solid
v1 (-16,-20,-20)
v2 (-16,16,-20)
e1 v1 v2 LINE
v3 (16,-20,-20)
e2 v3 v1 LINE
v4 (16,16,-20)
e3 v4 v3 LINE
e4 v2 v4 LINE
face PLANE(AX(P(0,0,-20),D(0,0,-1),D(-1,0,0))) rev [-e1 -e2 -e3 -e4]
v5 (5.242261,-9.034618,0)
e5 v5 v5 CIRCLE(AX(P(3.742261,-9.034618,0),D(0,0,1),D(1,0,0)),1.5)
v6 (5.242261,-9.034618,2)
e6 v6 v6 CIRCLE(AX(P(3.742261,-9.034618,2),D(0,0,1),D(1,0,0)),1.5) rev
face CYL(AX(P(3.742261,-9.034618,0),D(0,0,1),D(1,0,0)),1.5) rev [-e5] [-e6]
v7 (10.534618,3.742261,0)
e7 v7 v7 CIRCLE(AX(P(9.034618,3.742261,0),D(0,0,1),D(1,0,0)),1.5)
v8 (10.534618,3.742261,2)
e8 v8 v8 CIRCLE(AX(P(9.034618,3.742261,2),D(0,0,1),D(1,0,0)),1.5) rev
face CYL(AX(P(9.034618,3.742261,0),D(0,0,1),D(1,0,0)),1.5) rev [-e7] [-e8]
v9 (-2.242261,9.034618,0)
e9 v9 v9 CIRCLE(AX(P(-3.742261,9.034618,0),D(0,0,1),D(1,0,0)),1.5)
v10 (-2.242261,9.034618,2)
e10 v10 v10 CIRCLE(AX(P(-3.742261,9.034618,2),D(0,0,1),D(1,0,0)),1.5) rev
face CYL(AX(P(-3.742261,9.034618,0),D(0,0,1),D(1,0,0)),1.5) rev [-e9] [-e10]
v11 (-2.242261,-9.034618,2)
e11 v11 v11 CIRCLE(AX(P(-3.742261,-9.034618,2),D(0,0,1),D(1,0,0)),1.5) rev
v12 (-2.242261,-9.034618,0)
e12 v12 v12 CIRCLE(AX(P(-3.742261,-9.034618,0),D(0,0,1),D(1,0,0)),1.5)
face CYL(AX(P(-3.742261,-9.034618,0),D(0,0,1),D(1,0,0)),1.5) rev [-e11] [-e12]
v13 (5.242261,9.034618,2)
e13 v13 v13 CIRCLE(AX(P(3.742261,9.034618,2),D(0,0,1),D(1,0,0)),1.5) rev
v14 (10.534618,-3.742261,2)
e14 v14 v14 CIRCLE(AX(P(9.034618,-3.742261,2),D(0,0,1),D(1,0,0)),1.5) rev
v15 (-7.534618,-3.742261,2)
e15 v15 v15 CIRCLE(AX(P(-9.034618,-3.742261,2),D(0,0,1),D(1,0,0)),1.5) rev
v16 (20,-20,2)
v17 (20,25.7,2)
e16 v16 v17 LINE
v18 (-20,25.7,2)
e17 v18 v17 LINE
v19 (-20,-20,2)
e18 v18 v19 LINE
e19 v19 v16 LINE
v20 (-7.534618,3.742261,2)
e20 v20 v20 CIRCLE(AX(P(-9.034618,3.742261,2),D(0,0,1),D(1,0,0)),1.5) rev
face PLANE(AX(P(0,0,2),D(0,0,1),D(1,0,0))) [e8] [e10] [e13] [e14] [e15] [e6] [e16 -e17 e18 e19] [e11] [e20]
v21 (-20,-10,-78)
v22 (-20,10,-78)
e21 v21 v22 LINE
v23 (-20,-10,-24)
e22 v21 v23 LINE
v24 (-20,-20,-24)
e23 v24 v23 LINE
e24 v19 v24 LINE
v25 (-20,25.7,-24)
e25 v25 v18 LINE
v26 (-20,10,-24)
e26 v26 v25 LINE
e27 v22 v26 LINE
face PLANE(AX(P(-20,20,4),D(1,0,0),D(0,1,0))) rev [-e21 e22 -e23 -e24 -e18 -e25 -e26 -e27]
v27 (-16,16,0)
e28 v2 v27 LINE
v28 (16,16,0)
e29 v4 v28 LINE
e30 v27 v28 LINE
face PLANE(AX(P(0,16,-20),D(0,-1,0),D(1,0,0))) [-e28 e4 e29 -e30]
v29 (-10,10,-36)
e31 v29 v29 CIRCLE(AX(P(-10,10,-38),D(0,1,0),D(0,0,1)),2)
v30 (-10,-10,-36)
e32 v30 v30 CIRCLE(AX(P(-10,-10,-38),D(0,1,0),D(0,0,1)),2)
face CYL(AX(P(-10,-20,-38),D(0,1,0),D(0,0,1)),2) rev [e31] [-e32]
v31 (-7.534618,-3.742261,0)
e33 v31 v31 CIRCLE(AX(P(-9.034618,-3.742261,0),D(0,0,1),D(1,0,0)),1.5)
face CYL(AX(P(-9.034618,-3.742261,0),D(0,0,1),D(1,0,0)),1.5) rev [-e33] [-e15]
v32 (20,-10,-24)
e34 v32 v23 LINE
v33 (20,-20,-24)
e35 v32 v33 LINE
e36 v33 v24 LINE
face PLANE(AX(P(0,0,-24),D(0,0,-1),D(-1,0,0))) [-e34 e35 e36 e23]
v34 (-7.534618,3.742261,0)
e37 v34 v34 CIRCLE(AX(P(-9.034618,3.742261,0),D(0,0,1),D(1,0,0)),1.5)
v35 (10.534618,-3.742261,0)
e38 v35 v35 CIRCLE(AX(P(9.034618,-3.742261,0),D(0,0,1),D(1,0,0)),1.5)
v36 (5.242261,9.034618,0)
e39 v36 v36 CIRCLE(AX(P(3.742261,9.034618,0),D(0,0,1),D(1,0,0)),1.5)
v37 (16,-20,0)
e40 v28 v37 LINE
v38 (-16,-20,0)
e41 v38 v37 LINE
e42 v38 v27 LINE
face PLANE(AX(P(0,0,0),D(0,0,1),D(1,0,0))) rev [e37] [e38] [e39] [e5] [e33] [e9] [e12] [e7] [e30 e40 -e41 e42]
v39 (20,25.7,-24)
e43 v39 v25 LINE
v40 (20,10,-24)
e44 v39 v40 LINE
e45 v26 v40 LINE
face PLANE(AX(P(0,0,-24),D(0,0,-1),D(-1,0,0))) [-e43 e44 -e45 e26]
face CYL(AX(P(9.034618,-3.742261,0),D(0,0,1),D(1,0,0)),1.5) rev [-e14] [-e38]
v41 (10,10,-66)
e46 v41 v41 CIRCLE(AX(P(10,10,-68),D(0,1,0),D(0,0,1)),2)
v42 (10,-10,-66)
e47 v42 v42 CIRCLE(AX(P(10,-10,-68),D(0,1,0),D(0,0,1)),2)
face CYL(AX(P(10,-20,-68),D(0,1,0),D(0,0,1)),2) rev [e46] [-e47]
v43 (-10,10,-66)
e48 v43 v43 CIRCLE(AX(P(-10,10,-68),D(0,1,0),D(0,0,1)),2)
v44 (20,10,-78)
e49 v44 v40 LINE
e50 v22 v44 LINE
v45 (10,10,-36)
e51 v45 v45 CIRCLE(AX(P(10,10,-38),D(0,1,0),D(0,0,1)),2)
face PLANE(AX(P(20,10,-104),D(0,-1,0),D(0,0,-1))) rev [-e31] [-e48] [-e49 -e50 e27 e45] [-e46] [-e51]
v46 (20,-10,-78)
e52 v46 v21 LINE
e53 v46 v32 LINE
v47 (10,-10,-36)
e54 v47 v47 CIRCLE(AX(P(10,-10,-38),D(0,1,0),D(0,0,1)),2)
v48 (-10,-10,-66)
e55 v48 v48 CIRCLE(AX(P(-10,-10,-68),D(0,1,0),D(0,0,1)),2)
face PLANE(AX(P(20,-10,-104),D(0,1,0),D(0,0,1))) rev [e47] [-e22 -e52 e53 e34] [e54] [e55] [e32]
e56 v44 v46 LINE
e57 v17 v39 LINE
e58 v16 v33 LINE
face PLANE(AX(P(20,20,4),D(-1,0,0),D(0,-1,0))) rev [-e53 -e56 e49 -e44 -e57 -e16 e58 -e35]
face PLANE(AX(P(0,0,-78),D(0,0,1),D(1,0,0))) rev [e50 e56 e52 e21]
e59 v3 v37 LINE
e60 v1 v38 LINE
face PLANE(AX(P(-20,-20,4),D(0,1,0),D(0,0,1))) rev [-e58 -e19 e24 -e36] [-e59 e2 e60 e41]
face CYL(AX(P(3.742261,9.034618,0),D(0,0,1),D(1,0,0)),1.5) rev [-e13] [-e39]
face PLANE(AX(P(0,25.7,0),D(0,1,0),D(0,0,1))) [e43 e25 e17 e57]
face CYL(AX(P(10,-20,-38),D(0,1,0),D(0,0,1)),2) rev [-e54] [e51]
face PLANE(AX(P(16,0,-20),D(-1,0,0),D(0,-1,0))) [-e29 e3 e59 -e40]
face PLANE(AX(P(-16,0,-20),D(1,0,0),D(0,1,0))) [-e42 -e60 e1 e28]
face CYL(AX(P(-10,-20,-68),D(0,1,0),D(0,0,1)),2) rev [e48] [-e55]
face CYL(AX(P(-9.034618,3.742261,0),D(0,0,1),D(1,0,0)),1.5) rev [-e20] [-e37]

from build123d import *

# Parameters (mm, degrees)
CROQUIS1_W              = 40
CROQUIS1_H              = 40
SALIENTE_EXTRUIR1_DEPTH = 4
CROQUIS2_R              = 1.5
CORTAR_EXTRUIR1_DEPTH   = 4
SALIENTE_EXTRUIR2_DEPTH = 20
CROQUIS4_W              = 40
CROQUIS4_H              = 40
SALIENTE_EXTRUIR3_DEPTH = 4
CROQUIS6_W              = 40
CROQUIS6_H              = 40
CORTAR_EXTRUIR3_DEPTH   = 2
CROQUIS7_W              = 40
CROQUIS7_H              = 20
SALIENTE_EXTRUIR4_DEPTH = 80
CROQUIS8_R              = 2
CORTAR_EXTRUIR4_DEPTH   = 31
CROQUIS9_R              = 2
CORTAR_EXTRUIR5_DEPTH   = 31
CROQUIS11_W             = 40
CROQUIS11_H             = 20
CORTAR_EXTRUIR6_DEPTH   = 26
CROQUIS13_W             = 40
CROQUIS13_H             = 26
SALIENTE_EXTRUIR5_DEPTH = 5.7


with BuildPart() as part:
    # Croquis1 → Saliente-Extruir1 (new body)
    with BuildSketch(Plane.XY):
        Rectangle(CROQUIS1_W, CROQUIS1_H)
    extrude(amount=SALIENTE_EXTRUIR1_DEPTH)

    # Croquis2 → Cortar-Extruir1 (cut)
    with BuildSketch(Plane.XY.offset(4)):
        with Locations((-9.034617948, -3.742261285)):
            Circle(CROQUIS2_R)
        with Locations((-9.034617948, 3.742261285)):
            Circle(CROQUIS2_R)
        with Locations((-3.742261285, 9.034617948)):
            Circle(CROQUIS2_R)
        with Locations((3.742261285, 9.034617948)):
            Circle(CROQUIS2_R)
        with Locations((9.034617948, 3.742261285)):
            Circle(CROQUIS2_R)
        with Locations((9.034617948, -3.742261285)):
            Circle(CROQUIS2_R)
        with Locations((3.742261285, -9.034617948)):
            Circle(CROQUIS2_R)
        with Locations((-3.742261285, -9.034617948)):
            Circle(CROQUIS2_R)
    extrude(amount=-CORTAR_EXTRUIR1_DEPTH, mode=Mode.SUBTRACT)

    # Croquis3 → Saliente-Extruir2 (add)
    with BuildSketch(Plane(origin=(0, 0, 0), x_dir=(-1, 0, 0), z_dir=(0, 0, -1))):
        Polygon((-16, -20), (-16, -16), (-16, 16), (16, 16), (16, -16), (16, -20), (20, -20), (20, 20), (-20, 20), (-20, -20), align=None)
    extrude(amount=SALIENTE_EXTRUIR2_DEPTH)

    # Croquis4 → Saliente-Extruir3 (add)
    with BuildSketch(Plane(origin=(0, 0, -20), x_dir=(-1, 0, 0), z_dir=(0, 0, -1))):
        Rectangle(CROQUIS4_W, CROQUIS4_H)
    extrude(amount=SALIENTE_EXTRUIR3_DEPTH)

    # Croquis6 → Cortar-Extruir3 (cut)
    with BuildSketch(Plane.XY.offset(4)):
        Rectangle(CROQUIS6_W, CROQUIS6_H)
    extrude(amount=-CORTAR_EXTRUIR3_DEPTH, mode=Mode.SUBTRACT)

    # Croquis7 → Saliente-Extruir4 (add)
    with BuildSketch(Plane(origin=(0, 0, -24), x_dir=(-1, 0, 0), z_dir=(0, 0, -1))):
        Rectangle(CROQUIS7_W, CROQUIS7_H)
    extrude(amount=SALIENTE_EXTRUIR4_DEPTH)

    # Croquis8 → Cortar-Extruir4 (cut, through all)
    with BuildSketch(Plane(origin=(0, 10, 0), x_dir=(1, 0, 0), z_dir=(0, 1, 0))):
        with Locations((-10, 38)):
            Circle(CROQUIS8_R)
        with Locations((10, 38)):
            Circle(CROQUIS8_R)
    extrude(amount=-CORTAR_EXTRUIR4_DEPTH, mode=Mode.SUBTRACT)

    # Croquis9 → Cortar-Extruir5 (cut, through all)
    with BuildSketch(Plane(origin=(0, 10, 0), x_dir=(1, 0, 0), z_dir=(0, 1, 0))):
        with Locations((10, 68)):
            Circle(CROQUIS9_R)
        with Locations((-10, 68)):
            Circle(CROQUIS9_R)
    extrude(amount=-CORTAR_EXTRUIR5_DEPTH, mode=Mode.SUBTRACT)

    # Croquis11 → Cortar-Extruir6 (cut)
    with BuildSketch(Plane(origin=(0, 0, -104), x_dir=(-1, 0, 0), z_dir=(0, 0, -1))):
        Rectangle(CROQUIS11_W, CROQUIS11_H)
    extrude(amount=-CORTAR_EXTRUIR6_DEPTH, mode=Mode.SUBTRACT)

    # Croquis13 → Saliente-Extruir5 (add)
    with BuildSketch(Plane(origin=(0, 20, 0), x_dir=(1, 0, 0), z_dir=(0, 1, 0))):
        with Locations((0, 11)):
            Rectangle(CROQUIS13_W, CROQUIS13_H)
    extrude(amount=SALIENTE_EXTRUIR5_DEPTH)


solid = part.part
